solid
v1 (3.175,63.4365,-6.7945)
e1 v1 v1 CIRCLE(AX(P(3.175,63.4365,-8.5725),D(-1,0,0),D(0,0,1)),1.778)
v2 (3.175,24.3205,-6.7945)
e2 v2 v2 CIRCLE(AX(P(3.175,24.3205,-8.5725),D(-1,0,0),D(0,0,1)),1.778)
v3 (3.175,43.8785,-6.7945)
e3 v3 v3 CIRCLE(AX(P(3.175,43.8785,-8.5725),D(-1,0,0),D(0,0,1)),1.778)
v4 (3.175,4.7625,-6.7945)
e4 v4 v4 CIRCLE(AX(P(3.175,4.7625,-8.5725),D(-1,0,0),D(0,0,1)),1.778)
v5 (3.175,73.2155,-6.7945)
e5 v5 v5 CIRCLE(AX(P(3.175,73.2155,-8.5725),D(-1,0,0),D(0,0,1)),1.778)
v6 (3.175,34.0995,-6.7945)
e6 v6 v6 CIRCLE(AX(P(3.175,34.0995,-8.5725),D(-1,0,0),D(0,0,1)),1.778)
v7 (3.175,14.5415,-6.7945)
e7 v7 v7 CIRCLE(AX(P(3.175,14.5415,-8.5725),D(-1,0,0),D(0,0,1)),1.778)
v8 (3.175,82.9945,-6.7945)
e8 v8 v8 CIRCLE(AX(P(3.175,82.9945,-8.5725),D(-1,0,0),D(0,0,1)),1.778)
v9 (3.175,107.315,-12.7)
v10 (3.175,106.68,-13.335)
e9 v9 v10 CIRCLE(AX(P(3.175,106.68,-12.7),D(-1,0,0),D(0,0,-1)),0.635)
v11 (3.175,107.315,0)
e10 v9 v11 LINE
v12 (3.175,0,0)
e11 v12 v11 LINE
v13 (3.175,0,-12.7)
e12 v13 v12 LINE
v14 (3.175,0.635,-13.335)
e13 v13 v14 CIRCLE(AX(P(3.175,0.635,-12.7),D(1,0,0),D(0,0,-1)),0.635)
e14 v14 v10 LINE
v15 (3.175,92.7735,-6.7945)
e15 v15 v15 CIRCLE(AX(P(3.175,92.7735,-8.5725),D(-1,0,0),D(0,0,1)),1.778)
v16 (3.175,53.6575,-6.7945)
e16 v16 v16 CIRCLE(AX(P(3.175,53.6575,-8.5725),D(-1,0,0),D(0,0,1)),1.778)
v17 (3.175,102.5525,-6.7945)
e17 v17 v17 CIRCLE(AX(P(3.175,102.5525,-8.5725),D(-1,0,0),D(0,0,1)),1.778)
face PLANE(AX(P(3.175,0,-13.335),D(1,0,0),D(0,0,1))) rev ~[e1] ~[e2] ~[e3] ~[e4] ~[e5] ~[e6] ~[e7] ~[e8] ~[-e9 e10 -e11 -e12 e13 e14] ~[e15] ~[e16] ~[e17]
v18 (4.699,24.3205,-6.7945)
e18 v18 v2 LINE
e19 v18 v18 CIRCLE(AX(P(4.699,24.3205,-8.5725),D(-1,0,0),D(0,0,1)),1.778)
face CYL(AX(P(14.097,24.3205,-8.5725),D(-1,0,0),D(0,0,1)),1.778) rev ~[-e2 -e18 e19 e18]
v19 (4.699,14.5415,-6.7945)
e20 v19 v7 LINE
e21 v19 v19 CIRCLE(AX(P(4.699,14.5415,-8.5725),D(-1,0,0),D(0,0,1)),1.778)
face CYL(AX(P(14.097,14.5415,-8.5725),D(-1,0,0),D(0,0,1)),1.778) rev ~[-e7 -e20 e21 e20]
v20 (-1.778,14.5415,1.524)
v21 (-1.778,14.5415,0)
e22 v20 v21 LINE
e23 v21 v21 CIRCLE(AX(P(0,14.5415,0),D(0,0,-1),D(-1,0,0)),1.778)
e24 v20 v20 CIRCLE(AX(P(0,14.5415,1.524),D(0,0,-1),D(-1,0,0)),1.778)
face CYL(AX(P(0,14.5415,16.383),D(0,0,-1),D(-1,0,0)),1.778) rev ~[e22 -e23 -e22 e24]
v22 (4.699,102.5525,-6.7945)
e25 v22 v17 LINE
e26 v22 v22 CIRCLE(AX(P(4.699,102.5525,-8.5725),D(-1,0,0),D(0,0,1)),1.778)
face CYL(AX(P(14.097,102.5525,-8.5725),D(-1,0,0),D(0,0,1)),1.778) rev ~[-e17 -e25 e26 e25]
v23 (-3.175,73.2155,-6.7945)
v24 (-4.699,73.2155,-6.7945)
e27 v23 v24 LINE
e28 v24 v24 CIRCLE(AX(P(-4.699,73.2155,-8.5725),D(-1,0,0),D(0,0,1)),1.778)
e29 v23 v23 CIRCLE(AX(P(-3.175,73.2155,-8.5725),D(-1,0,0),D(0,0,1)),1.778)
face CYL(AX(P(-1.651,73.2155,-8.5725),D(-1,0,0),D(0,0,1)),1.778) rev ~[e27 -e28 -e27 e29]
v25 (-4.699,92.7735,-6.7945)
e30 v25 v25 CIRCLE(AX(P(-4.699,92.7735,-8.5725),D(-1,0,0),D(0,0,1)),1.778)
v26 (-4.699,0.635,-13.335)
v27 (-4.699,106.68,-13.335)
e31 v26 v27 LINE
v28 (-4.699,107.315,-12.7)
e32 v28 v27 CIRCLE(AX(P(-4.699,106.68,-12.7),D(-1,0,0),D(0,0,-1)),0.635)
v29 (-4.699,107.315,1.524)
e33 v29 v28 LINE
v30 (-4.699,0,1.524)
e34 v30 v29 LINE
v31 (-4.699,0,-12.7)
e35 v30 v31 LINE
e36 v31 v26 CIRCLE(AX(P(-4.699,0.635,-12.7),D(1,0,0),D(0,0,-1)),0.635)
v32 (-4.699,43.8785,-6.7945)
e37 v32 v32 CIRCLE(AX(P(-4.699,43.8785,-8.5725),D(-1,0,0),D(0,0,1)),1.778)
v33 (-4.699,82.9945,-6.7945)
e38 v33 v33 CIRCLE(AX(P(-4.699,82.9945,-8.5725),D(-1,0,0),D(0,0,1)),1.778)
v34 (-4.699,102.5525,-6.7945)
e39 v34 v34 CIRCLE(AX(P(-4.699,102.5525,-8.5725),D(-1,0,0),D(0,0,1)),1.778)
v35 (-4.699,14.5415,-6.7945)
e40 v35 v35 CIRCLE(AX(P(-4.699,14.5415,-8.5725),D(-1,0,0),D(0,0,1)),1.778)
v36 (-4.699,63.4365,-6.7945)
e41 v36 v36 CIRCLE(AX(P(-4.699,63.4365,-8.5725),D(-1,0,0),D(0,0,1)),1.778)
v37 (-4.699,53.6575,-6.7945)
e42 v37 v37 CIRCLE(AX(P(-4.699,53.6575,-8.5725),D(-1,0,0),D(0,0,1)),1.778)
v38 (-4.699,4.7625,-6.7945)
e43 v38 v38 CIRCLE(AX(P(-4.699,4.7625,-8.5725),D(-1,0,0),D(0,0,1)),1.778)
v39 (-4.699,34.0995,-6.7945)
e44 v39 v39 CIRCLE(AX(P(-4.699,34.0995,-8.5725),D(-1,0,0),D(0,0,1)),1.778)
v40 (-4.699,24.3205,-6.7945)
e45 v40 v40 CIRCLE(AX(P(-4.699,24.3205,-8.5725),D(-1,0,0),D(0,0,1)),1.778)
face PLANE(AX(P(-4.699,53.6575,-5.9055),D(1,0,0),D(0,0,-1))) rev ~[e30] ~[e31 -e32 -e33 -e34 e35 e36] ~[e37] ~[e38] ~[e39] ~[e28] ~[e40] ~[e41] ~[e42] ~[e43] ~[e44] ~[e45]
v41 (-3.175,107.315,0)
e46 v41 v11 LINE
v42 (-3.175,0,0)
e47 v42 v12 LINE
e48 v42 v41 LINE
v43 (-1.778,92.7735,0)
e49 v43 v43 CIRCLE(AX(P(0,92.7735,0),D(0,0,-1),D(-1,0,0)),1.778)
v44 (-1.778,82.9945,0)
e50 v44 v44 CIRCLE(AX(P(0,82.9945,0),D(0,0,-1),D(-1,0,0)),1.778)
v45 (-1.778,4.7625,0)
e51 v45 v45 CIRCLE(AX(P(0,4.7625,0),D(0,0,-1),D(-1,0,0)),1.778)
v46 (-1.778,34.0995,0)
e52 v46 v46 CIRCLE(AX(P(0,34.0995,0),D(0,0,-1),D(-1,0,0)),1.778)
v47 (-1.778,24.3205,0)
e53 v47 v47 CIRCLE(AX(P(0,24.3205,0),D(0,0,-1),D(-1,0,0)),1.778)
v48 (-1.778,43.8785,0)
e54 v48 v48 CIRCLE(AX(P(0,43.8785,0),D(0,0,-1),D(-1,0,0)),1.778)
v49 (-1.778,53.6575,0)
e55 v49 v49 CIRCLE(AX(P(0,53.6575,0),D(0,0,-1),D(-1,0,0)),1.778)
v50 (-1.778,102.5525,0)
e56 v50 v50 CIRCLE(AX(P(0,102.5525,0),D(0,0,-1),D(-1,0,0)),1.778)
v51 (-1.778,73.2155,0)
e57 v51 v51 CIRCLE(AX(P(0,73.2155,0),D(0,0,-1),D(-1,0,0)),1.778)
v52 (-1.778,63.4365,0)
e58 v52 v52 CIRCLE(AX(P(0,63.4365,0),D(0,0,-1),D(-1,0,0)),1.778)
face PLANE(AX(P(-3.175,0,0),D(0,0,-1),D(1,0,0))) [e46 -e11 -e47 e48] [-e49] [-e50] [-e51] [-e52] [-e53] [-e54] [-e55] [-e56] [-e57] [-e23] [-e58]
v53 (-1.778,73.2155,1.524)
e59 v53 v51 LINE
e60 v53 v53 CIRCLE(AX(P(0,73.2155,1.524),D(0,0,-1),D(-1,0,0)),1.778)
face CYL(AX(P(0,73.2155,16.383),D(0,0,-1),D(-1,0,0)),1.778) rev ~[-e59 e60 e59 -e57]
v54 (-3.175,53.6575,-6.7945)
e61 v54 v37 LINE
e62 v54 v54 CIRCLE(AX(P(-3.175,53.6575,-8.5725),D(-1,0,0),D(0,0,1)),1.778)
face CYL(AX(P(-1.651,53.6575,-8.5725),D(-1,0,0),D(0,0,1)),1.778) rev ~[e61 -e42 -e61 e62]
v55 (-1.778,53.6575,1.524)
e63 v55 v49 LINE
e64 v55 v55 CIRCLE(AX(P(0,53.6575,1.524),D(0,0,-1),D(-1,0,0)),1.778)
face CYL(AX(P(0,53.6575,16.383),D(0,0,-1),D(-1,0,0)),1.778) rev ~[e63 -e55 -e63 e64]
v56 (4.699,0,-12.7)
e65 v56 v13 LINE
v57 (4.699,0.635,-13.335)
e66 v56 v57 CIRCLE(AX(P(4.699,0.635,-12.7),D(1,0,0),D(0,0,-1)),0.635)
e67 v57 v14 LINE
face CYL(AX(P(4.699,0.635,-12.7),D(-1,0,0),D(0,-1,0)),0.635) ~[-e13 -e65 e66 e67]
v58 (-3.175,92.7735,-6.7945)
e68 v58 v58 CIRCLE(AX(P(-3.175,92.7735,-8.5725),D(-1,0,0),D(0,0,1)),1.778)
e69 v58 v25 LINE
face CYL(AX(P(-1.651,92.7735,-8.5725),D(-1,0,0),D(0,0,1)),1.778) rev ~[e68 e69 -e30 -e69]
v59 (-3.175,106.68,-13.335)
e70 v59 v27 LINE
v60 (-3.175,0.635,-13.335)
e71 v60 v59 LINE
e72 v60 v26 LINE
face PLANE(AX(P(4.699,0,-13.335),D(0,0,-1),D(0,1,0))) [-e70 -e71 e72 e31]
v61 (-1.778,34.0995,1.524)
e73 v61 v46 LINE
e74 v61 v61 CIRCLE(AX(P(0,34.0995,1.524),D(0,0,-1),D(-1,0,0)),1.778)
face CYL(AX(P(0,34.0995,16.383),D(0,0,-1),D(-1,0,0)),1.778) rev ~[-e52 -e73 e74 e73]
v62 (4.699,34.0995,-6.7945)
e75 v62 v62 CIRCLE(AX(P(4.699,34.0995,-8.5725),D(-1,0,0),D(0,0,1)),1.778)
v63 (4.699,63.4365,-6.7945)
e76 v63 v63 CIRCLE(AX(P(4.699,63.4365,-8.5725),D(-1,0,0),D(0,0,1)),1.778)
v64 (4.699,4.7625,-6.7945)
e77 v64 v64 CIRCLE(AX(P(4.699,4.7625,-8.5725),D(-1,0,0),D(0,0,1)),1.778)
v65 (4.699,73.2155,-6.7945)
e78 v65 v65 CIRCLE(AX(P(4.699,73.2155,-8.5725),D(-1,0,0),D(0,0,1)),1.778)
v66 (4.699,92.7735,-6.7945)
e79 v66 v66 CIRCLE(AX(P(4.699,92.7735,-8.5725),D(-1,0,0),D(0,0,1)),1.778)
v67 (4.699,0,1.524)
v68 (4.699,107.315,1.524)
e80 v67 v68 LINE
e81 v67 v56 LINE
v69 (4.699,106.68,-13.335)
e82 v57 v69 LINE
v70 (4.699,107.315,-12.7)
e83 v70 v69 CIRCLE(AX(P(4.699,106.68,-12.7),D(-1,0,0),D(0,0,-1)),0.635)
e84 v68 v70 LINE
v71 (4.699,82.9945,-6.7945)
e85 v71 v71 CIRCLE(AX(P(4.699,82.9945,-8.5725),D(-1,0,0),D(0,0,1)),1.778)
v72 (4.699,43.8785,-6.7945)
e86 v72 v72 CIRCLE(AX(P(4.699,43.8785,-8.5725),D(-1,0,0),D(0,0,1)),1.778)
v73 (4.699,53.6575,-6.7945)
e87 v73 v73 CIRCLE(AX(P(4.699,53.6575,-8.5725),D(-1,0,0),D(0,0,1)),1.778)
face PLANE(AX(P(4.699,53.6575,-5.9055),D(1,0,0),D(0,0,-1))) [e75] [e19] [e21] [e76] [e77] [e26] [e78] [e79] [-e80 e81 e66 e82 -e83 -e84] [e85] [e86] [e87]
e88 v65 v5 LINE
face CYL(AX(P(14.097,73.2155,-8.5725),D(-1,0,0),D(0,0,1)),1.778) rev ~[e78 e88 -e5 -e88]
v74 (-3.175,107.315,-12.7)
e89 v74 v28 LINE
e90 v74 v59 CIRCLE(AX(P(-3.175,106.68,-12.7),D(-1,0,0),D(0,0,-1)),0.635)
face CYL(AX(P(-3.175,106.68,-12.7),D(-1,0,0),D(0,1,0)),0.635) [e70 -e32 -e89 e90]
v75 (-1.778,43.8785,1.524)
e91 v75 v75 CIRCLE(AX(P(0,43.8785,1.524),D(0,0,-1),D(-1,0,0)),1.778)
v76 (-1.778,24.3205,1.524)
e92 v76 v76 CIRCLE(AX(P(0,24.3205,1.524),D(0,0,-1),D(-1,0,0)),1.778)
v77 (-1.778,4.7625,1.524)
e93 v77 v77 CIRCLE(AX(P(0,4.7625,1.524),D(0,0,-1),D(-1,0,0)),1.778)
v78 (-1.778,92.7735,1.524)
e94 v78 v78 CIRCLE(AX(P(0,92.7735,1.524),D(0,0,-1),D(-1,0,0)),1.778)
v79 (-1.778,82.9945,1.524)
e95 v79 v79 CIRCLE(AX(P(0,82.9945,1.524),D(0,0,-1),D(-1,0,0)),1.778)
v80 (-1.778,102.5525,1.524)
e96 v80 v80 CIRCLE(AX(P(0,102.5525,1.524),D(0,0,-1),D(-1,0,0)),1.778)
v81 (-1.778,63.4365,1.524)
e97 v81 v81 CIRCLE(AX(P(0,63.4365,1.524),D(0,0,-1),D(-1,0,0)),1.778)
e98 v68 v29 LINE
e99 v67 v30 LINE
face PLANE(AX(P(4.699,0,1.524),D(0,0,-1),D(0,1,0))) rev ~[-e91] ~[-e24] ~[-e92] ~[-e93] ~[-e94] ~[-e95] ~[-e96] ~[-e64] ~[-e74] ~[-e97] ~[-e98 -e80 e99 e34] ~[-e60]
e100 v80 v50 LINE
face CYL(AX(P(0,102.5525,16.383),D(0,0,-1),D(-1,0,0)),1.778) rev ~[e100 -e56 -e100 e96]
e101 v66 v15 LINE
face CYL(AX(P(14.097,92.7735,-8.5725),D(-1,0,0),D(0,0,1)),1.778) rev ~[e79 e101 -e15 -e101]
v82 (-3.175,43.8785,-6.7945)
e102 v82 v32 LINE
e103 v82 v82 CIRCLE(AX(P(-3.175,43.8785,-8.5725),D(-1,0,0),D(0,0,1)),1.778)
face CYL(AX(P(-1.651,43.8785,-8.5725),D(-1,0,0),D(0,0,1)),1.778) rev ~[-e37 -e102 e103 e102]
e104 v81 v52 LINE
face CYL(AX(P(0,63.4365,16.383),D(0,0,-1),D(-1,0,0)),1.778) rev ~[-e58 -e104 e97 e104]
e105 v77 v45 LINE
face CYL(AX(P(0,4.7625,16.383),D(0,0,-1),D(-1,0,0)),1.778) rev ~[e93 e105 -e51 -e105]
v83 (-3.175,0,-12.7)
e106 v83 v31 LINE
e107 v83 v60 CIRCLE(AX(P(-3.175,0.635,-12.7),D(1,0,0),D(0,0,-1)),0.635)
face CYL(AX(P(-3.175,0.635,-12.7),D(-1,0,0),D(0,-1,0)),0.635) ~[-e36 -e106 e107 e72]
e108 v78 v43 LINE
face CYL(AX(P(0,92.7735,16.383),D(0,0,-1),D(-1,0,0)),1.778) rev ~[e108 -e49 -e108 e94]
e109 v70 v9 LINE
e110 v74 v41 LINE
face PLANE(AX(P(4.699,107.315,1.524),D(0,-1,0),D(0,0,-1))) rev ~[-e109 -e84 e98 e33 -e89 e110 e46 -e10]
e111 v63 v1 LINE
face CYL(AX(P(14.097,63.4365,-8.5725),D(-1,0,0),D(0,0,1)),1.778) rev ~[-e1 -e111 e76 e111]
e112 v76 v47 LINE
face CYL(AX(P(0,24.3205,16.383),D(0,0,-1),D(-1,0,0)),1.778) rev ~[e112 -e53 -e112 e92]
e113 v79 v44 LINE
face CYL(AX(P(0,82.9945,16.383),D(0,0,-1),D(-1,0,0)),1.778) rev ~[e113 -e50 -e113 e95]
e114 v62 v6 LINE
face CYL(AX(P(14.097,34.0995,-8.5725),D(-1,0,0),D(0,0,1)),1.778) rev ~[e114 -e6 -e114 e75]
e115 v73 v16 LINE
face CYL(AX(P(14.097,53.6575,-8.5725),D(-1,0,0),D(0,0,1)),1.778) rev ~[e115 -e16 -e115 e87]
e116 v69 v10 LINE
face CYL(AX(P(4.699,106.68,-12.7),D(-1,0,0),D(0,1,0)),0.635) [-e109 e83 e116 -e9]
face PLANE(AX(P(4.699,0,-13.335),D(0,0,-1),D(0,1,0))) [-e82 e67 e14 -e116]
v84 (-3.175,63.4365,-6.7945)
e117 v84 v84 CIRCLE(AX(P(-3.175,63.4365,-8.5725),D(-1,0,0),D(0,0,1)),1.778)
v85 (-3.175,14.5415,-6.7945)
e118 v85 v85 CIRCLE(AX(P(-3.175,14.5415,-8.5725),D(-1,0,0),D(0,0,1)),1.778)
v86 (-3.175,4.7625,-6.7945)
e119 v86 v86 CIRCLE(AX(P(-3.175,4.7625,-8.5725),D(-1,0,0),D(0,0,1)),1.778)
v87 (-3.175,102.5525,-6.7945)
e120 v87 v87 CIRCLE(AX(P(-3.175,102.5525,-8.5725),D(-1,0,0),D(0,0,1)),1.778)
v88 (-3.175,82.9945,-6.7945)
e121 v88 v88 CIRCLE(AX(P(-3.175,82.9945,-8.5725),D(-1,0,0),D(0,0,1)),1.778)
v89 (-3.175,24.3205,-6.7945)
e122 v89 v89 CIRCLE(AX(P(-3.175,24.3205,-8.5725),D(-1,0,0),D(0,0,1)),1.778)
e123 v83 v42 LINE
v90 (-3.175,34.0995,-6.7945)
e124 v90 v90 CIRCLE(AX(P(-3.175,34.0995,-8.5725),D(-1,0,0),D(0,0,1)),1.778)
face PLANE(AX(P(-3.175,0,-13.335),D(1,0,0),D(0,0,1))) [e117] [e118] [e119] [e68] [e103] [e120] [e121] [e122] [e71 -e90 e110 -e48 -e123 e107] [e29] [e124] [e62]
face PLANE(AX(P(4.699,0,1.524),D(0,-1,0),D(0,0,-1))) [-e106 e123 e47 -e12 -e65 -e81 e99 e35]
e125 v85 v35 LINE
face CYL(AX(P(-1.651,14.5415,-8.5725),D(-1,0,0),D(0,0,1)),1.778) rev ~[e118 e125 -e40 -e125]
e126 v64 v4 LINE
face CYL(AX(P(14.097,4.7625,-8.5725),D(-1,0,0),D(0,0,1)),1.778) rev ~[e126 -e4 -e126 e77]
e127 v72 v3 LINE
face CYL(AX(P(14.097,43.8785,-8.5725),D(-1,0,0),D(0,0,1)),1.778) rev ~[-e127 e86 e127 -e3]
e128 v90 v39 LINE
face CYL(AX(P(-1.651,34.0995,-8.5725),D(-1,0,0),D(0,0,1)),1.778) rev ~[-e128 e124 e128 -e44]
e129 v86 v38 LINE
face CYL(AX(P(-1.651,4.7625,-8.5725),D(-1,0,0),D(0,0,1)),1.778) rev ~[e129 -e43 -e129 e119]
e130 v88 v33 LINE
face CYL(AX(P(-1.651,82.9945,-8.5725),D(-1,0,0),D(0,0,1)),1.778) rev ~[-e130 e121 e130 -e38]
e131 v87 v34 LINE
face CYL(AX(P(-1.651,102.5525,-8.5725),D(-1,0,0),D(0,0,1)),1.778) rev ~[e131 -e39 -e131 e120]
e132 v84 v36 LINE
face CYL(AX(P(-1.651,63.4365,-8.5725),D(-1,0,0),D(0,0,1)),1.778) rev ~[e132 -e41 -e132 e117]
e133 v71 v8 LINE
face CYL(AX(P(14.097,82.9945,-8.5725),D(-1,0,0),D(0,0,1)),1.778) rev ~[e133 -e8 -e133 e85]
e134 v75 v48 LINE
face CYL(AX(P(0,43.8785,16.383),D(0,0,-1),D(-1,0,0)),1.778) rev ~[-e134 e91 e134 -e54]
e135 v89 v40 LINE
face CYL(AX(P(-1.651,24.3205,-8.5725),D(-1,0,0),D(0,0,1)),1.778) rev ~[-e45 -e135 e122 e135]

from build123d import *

# Parameters (mm, degrees)
SKETCH1_W                 = 14.859
SKETCH1_H                 = 107.315
BOSS_EXTRUDE1_DEPTH       = 9.398
SKETCH2_W                 = 6.35
SKETCH2_H                 = 13.335
CUT_EXTRUDE1_DEPTH        = 109.242376411
F_5_CLEARANCE_HOLE1_D     = 3.556
F_5_CLEARANCE_HOLE1_DEPTH = 1.524
F_5_CLEARANCE_HOLE2_D     = 3.556
F_5_CLEARANCE_HOLE2_DEPTH = 14.859
F_5_CLEARANCE_HOLE3_D     = 3.556
F_5_CLEARANCE_HOLE3_DEPTH = 9.398
FILLET1_R                 = 0.635


with BuildPart() as part:
    # Sketch1 → Boss-Extrude1 (new body)
    with BuildSketch(Plane(origin=(4.699, 0, 0), x_dir=(0, 0, -1), z_dir=(1, 0, 0))):
        with Locations((5.9055, 53.6575)):
            Rectangle(SKETCH1_W, SKETCH1_H)
    extrude(amount=-BOSS_EXTRUDE1_DEPTH)

    # Sketch2 → Cut-Extrude1 (cut, through all)
    with BuildSketch(Plane.XZ):
        with Locations((0, -6.6675)):
            Rectangle(SKETCH2_W, SKETCH2_H)
    extrude(amount=-CUT_EXTRUDE1_DEPTH, mode=Mode.SUBTRACT)

    # #5 Clearance Hole1
    with Locations(Plane(origin=(-3.175, 0, 0), x_dir=(0, 0, -1), z_dir=(1, 0, 0))):
        with Locations((8.5725, 92.7735), (8.5725, 102.5525), (8.5725, 82.9945), (8.5725, 73.2155), (8.5725, 63.4365), (8.5725, 53.6575), (8.5725, 43.8785), (8.5725, 34.0995), (8.5725, 24.3205), (8.5725, 14.5415), (8.5725, 4.7625)):
            Hole(F_5_CLEARANCE_HOLE1_D / 2, depth=F_5_CLEARANCE_HOLE1_DEPTH)

    # #5 Clearance Hole2
    with Locations(Plane.XY.offset(1.524)):
        with Locations((0, 92.7735), (0, 102.5525), (0, 82.9945), (0, 73.2155), (0, 63.4365), (0, 53.6575), (0, 43.8785), (0, 34.0995), (0, 24.3205), (0, 14.5415), (0, 4.7625)):
            Hole(F_5_CLEARANCE_HOLE2_D / 2, depth=F_5_CLEARANCE_HOLE2_DEPTH)

    # #5 Clearance Hole3
    with Locations(Plane(origin=(4.699, 0, 0), x_dir=(0, 0, -1), z_dir=(1, 0, 0))):
        with Locations((8.5725, 92.7735), (8.5725, 102.5525), (8.5725, 82.9945), (8.5725, 73.2155), (8.5725, 63.4365), (8.5725, 53.6575), (8.5725, 43.8785), (8.5725, 34.0995), (8.5725, 24.3205), (8.5725, 14.5415), (8.5725, 4.7625)):
            Hole(F_5_CLEARANCE_HOLE3_D / 2, depth=F_5_CLEARANCE_HOLE3_DEPTH)

    # Fillet1
    fillet1_edges = [part.edges().sort_by_distance(p)[0] for p in [
        (3.937, 0, -13.335),
        (3.937, 107.315, -13.335),
        (-3.937, 107.315, -13.335),
        (-3.937, 0, -13.335),
    ]]
    fillet(fillet1_edges, radius=FILLET1_R)


solid = part.part
